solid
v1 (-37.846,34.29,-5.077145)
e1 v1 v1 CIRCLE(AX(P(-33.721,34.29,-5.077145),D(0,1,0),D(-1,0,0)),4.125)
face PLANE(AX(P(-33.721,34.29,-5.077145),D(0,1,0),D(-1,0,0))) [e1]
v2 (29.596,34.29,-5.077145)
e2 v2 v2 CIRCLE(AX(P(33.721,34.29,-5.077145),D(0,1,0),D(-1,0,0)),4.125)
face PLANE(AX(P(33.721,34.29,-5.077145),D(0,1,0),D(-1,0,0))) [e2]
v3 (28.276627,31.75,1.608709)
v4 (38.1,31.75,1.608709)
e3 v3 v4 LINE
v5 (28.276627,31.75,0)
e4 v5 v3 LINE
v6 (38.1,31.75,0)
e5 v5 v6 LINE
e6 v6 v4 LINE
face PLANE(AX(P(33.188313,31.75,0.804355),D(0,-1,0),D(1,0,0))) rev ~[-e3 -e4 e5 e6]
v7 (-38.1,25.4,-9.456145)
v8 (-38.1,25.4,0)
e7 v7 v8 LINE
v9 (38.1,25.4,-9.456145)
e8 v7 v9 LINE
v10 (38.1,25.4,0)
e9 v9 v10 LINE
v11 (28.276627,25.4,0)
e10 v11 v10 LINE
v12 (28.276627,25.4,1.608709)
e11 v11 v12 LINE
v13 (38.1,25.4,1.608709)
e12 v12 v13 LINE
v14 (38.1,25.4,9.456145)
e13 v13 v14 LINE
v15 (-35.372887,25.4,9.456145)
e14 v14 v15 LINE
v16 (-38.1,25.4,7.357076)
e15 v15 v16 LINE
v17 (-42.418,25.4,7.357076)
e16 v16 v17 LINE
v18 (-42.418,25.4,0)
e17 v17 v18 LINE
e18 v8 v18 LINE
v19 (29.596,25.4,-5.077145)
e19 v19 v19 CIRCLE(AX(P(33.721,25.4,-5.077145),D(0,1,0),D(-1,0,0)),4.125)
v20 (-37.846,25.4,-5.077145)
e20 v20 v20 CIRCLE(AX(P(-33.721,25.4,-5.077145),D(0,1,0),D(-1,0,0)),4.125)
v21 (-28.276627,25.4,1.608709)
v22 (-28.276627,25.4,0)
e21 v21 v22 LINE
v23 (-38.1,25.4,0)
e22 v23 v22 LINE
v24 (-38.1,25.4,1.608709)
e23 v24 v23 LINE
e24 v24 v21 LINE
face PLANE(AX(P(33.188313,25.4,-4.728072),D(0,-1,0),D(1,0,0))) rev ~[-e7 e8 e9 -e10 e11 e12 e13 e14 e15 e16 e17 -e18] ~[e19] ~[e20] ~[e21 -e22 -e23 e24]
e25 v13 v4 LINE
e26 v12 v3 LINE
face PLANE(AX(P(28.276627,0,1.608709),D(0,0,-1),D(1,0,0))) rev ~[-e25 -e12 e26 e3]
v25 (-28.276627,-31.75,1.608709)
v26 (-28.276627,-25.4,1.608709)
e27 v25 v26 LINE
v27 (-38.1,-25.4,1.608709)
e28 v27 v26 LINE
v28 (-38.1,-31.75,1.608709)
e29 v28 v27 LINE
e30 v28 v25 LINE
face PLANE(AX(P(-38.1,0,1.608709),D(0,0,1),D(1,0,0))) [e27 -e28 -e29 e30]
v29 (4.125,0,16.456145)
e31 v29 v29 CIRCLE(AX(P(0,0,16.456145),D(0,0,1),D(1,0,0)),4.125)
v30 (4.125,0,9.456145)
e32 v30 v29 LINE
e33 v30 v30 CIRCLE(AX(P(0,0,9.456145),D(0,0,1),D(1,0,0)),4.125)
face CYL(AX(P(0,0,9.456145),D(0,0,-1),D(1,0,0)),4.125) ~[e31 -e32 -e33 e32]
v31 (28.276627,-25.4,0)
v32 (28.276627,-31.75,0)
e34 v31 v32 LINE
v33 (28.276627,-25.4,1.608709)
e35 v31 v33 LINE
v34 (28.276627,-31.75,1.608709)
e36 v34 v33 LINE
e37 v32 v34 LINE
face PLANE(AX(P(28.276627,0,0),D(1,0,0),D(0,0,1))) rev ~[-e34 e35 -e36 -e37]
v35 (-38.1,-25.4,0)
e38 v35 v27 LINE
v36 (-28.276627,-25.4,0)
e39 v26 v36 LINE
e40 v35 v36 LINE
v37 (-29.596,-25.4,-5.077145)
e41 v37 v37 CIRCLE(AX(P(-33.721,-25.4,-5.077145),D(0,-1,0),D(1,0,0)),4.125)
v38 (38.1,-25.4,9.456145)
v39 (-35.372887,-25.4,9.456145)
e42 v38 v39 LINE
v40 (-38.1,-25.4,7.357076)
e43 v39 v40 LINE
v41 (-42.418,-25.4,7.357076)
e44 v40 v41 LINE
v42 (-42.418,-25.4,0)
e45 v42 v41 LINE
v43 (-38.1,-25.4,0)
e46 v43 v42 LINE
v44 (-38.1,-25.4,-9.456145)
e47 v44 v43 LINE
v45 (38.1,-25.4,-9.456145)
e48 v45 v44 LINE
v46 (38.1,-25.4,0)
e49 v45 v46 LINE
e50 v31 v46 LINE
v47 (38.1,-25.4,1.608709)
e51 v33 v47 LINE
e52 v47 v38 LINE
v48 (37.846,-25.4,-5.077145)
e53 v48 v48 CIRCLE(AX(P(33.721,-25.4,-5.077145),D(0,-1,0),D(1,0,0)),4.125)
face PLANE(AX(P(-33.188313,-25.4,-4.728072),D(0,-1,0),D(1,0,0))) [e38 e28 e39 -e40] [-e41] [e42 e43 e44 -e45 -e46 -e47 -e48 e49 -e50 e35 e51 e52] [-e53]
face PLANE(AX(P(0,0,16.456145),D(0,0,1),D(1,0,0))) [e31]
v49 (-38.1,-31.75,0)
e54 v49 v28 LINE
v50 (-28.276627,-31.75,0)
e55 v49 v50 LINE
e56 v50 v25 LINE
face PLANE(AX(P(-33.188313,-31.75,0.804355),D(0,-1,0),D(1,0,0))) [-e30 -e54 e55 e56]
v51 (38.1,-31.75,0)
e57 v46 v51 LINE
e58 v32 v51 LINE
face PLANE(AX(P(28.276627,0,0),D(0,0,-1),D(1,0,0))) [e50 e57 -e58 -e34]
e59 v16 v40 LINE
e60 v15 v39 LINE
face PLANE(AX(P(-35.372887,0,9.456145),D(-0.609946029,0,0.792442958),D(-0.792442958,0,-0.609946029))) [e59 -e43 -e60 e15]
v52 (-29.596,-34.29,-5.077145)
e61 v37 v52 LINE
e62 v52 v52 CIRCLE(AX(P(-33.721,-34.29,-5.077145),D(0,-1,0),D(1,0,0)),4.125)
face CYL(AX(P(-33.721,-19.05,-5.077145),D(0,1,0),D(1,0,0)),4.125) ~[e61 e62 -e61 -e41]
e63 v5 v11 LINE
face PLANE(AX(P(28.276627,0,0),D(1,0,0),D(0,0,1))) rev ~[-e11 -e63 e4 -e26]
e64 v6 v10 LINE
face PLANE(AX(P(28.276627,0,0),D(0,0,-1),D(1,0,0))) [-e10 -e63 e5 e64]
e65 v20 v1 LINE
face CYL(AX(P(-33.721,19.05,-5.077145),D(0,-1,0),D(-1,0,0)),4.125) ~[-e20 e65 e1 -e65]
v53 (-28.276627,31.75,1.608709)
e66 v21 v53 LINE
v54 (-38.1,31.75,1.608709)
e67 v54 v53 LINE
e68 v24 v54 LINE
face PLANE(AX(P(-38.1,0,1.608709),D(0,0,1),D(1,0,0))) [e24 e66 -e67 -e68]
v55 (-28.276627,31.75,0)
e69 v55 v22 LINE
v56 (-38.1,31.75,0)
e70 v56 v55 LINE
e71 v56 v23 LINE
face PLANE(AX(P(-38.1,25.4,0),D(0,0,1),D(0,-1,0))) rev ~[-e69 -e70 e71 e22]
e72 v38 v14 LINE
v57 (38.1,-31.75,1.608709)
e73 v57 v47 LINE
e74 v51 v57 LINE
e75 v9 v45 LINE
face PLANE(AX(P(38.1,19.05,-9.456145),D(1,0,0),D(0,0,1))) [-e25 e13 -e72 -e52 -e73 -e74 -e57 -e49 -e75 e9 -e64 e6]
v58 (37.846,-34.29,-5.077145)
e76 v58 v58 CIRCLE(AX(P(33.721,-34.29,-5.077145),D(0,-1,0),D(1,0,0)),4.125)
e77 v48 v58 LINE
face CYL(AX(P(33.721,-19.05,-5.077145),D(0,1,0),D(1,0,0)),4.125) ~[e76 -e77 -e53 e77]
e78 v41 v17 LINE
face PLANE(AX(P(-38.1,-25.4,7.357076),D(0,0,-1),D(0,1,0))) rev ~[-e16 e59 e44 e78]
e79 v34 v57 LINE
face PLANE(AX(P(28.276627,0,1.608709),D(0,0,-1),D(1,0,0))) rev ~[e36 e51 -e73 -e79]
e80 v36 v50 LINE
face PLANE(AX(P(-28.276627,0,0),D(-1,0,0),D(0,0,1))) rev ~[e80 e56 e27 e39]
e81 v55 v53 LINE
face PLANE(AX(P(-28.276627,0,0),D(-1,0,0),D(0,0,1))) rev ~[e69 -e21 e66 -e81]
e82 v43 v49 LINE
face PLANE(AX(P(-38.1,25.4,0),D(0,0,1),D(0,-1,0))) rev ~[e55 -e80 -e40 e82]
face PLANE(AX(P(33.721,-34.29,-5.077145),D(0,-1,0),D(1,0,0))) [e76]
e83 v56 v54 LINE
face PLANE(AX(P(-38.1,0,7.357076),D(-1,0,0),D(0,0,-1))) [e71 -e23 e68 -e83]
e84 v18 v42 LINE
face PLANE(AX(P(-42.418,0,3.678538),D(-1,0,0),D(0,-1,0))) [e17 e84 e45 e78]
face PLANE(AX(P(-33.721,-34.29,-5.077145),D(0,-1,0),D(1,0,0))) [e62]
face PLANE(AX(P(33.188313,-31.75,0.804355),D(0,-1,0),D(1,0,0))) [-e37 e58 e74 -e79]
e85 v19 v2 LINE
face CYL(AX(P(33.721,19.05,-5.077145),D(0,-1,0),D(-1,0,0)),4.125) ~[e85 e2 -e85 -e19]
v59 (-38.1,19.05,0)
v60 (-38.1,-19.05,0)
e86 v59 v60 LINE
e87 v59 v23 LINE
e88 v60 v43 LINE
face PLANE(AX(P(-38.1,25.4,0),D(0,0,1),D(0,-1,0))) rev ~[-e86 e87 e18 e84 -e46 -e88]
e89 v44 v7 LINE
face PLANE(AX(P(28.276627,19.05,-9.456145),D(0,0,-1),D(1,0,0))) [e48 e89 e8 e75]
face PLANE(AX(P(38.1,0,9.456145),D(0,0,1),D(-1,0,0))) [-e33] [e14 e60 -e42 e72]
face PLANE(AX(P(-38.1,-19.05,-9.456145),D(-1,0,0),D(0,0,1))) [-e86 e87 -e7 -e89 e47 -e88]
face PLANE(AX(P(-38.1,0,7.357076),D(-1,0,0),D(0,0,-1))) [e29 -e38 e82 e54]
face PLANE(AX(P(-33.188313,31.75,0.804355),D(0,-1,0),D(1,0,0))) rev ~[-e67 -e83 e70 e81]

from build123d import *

# Parameters (mm, degrees)
F1_DEPTH  = 25.4
F0_W      = 9.8233733336
F0_H      = 1.6087094842
F2_DEPTH  = 31.75
F0_H_2    = 9.4561445239
F3_DEPTH  = 19.05
F5_DEPTH  = 4.318
F8_R      = 4.125
F9_DEPTH  = 7
F11_R     = 4.125
F7_R      = 4.125
F12_DEPTH = 15.24
F6_R      = 4.125
F10_R     = 4.125
F13_DEPTH = 15.24
F14_DEPTH = 6.35
F15_DEPTH = 6.35


with BuildPart() as f1:
    # F0 (on Front) → F1 (new body, symmetric)
    with BuildSketch(Plane.XZ):
        Polygon((38.1, 9.4561445239), (-35.3728867915, 9.4561445239), (-38.1, 7.3570762504), (-38.1, 1.6087094842), (-28.2766266664, 1.6087094842), (-28.2766266664, 0), (-28.2766266664, -9.4561445239), (28.2766266664, -9.4561445239), (28.2766266664, 0), (28.2766266664, 1.6087094842), (38.1, 1.6087094842), align=None)
    extrude(amount=F1_DEPTH, both=True)

    # F0 (on Front) → F2 (join, symmetric)
    with BuildSketch(Plane.XZ):
        with Locations((-33.1883133332, 0.8043547421)):
            Rectangle(F0_W, F0_H)
        with Locations((33.1883133332, 0.8043547421)):
            Rectangle(F0_W, F0_H)
    extrude(amount=F2_DEPTH, both=True)

    # F0 (on Front) → F3 (join, symmetric)
    with BuildSketch(Plane.XZ):
        with Locations((-33.1883133332, -4.728072262)):
            Rectangle(F0_W, F0_H_2)
        with Locations((33.1883133332, -4.728072262)):
            Rectangle(F0_W, F0_H_2)
    extrude(amount=F3_DEPTH, both=True)

    # F4 (on face) → F5 (join)
    with BuildSketch(Plane(origin=(-38.1, 0, 0), x_dir=(0, -1, 0), z_dir=(-1, 0, 0))):
        Polygon((-19.05, 0), (19.05, 0), (25.4, 0), (25.4, 1.6087094842), (25.4, 7.3570762504), (-25.4, 7.3570762504), (-25.4, 1.6087094842), (-25.4, 0), align=None)
    extrude(amount=F5_DEPTH)

    # F8 (on face) → F9 (join)
    with BuildSketch(Plane.XY.offset(9.4561445239)):
        Circle(F8_R)
    extrude(amount=F9_DEPTH)

    # F11 (on face) + F7 (on face) → F12 (join)
    with BuildSketch(Plane(origin=(0, 19.05, 0), x_dir=(-1, 0, 0), z_dir=(0, 1, 0))):
        with Locations((-33.721, -5.0771445239)):
            Circle(F11_R)
    with BuildSketch(Plane(origin=(0, 19.05, 0), x_dir=(-1, 0, 0), z_dir=(0, 1, 0))):
        with Locations((33.721, -5.0771445239)):
            Circle(F7_R)
    extrude(amount=F12_DEPTH)

    # F6 (on face) + F10 (on face) → F13 (join)
    with BuildSketch(Plane.XZ.offset(19.05)):
        with Locations((-33.721, -5.0771445239)):
            Circle(F6_R)
    with BuildSketch(Plane.XZ.offset(19.05)):
        with Locations((33.721, -5.0771445239)):
            Circle(F10_R)
    extrude(amount=F13_DEPTH)

    # F14 (add): faces of the model
    f14_faces = [f1.faces().sort_by_distance(p)[0] for p in [
        (-33.1883133332, -19.05, -0.1363515064),
        (33.1883133332, -19.05, -9.3197930175),
    ]]
    extrude(f14_faces, amount=F14_DEPTH)

    # F15 (add): faces of the model
    f15_faces = [f1.faces().sort_by_distance(p)[0] for p in [
        (33.1883133332, 19.05, -9.3197930175),
        (-33.1883133332, 19.05, -0.1363515064),
    ]]
    extrude(f15_faces, amount=F15_DEPTH)


solid = f1.part
